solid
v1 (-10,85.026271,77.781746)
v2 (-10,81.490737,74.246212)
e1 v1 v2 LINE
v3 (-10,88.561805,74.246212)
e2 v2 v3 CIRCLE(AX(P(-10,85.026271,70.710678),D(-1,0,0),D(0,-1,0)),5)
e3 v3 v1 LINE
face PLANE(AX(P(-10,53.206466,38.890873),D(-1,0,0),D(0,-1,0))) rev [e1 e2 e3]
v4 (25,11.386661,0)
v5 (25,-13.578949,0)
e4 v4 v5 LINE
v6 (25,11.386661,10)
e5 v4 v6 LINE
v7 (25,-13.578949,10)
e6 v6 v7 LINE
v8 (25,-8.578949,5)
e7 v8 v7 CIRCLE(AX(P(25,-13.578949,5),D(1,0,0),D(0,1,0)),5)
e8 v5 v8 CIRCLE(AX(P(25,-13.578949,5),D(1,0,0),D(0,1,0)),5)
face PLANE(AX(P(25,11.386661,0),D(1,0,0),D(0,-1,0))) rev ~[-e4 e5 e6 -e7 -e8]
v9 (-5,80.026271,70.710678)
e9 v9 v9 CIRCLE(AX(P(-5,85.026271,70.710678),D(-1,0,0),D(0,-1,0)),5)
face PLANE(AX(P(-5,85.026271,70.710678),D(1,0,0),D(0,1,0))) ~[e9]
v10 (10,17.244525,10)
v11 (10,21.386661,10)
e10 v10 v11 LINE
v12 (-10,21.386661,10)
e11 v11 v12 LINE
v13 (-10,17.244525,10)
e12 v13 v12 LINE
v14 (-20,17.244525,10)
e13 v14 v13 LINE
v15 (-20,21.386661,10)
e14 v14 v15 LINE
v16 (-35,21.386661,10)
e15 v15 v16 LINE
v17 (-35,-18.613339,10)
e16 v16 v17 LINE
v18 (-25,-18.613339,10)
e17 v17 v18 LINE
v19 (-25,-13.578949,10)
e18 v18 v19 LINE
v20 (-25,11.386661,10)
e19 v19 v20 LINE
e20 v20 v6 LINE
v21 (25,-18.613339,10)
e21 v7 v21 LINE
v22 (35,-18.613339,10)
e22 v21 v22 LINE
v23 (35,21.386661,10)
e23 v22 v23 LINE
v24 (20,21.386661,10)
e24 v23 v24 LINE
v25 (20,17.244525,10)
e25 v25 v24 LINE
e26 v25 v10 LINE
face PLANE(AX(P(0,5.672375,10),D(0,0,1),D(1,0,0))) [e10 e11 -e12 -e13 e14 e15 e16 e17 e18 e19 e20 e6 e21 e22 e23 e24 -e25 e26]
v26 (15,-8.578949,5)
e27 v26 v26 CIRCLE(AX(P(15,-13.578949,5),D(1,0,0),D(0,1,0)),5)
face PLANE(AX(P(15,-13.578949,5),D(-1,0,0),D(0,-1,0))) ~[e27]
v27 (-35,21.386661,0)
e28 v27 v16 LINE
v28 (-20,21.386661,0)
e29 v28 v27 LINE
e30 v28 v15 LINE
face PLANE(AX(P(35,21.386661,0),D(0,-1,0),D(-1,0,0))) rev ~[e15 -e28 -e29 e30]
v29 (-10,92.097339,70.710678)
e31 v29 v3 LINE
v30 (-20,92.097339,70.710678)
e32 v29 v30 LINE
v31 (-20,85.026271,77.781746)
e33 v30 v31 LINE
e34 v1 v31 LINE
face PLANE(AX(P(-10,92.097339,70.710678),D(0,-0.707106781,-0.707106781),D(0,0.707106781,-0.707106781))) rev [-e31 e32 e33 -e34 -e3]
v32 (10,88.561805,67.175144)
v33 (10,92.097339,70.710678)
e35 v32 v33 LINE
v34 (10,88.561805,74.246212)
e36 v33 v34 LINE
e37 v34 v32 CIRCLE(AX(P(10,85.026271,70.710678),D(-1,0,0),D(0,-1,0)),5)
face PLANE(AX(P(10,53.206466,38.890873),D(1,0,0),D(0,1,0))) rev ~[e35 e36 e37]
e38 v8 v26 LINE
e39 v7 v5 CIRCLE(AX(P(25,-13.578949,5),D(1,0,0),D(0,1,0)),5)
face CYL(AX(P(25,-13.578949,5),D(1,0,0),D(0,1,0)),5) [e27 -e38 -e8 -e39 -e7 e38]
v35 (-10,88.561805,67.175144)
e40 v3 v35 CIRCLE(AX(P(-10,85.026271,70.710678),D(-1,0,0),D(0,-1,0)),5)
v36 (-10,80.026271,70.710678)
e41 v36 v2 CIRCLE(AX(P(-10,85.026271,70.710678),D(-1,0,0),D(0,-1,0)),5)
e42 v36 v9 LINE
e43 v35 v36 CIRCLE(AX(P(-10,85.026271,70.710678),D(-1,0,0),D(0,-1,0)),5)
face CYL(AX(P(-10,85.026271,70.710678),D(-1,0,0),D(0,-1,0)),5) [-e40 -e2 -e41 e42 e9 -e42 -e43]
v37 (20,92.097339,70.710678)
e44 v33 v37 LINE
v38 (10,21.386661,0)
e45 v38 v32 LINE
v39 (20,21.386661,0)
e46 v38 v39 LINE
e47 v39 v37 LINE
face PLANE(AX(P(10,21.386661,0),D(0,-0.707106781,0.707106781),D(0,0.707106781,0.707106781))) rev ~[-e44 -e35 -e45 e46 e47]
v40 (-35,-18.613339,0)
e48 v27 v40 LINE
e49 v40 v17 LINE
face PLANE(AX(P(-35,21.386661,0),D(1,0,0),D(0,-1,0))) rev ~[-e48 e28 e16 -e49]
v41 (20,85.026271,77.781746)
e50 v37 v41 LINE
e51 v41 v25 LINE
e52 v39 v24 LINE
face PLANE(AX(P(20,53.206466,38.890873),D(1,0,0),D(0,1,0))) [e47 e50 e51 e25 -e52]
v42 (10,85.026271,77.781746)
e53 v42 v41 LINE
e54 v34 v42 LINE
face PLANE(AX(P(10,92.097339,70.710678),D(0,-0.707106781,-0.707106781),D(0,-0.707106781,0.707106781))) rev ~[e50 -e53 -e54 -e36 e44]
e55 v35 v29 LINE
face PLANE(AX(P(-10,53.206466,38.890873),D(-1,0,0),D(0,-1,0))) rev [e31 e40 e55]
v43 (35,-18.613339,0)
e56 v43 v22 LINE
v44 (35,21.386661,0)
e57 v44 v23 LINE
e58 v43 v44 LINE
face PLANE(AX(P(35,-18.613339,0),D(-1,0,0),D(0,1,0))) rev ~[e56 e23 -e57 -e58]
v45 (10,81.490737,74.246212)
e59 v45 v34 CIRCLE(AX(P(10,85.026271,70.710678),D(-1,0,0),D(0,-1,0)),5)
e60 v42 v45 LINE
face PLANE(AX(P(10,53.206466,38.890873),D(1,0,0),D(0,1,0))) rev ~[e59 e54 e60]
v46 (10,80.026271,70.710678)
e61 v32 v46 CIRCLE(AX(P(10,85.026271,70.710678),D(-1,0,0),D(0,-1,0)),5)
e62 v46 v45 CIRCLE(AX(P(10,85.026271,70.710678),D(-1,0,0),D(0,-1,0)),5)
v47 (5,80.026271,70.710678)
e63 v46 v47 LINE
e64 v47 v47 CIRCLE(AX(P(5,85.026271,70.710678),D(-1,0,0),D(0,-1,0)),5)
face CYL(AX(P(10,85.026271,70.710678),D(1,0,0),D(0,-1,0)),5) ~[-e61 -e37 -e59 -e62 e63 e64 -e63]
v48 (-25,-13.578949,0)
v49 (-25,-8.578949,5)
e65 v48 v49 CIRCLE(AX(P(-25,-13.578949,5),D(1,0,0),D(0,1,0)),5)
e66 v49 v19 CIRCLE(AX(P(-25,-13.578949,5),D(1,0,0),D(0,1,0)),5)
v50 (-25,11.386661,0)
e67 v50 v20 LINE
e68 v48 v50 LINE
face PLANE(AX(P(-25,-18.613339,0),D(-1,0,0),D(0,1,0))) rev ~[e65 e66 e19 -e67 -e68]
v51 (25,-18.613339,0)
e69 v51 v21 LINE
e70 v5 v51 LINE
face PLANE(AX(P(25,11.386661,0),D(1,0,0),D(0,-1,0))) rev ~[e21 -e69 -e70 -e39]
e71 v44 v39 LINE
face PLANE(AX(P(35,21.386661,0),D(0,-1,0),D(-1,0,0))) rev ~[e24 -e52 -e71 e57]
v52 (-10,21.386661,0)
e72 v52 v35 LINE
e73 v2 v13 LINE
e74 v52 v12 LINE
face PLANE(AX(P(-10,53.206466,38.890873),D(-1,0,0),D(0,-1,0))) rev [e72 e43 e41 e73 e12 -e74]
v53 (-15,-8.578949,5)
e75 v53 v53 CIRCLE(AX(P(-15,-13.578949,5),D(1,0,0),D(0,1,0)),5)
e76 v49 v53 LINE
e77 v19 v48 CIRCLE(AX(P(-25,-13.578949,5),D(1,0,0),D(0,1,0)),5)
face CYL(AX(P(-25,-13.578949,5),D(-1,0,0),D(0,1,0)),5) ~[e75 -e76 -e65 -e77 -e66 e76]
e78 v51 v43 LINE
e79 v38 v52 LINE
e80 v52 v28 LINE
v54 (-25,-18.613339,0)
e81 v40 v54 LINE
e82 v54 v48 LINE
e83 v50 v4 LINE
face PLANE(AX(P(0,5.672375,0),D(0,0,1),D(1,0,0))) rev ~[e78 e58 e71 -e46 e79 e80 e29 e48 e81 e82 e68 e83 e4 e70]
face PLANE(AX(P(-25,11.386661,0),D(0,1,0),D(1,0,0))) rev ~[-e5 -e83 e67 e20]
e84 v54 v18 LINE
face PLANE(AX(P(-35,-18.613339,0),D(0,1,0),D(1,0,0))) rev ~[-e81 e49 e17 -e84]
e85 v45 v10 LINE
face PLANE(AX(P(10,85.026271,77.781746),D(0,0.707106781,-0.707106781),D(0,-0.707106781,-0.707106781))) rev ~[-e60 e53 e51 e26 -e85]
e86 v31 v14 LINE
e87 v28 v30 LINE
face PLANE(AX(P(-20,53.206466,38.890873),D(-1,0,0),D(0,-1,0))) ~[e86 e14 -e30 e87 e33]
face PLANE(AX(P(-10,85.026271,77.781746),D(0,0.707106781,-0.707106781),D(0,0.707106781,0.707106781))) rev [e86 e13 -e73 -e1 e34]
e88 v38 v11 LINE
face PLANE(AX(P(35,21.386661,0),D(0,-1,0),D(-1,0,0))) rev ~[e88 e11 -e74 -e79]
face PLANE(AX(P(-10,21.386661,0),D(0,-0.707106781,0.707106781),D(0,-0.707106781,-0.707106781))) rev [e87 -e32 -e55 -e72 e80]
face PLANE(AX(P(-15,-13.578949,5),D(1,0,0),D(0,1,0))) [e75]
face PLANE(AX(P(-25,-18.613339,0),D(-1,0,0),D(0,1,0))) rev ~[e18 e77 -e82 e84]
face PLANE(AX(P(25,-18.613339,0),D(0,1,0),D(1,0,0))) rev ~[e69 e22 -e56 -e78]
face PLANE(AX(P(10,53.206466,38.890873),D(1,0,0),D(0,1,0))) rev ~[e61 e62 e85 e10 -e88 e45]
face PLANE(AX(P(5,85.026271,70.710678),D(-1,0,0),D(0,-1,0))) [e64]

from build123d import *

# Parameters (mm, degrees)
F1_DEPTH = 10
F2_R     = 5
F3_DEPTH = 10
F7_DEPTH = 10
F8_R     = 5
F9_DEPTH = 5


with BuildPart() as f1:
    # F0 (on Top) → F1 (new body)
    with BuildSketch(Plane.XY):
        Polygon((-35, -18.6133389152), (-25, -18.6133389152), (-25, -8.6133389152), (-25, 11.3866610848), (25, 11.3866610848), (25, -8.6133389152), (25, -18.6133389152), (35, -18.6133389152), (35, 21.3866610848), (-35, 21.3866610848), align=None)
    extrude(amount=F1_DEPTH)

    # F2 (on face) → F3 (join)
    with BuildSketch(Plane.YZ.offset(-25)):
        with Locations((-13.5789485648, 5)):
            Circle(F2_R)
    extrude(amount=F3_DEPTH)

    # F4: F1 across plane


with BuildPart() as f1_1:
    add(f1.part)
    add(f1.part.mirror(Plane.YZ))

    # F6 (on offset) → F7 (join)
    with BuildSketch(Plane.YZ.offset(10)):
        Polygon((14.3155932729, 7.0710678119), (21.3866610848, 0), (92.0973392034, 70.7106781187), (85.0262713916, 77.7817459305), align=None)
    extrude(amount=F7_DEPTH)

    # F8 (on face) → F9 (join)
    with BuildSketch(Plane(origin=(10, 0, 0), x_dir=(0, -1, 0), z_dir=(-1, 0, 0))):
        with Locations((-85.0262713916, 70.7106781187)):
            Circle(F8_R)
    extrude(amount=F9_DEPTH)

    # F10: F1 across plane


with BuildPart() as f1_2:
    add(f1_1.part)
    add(f1_1.part.mirror(Plane.YZ))


solid = f1_2.part
